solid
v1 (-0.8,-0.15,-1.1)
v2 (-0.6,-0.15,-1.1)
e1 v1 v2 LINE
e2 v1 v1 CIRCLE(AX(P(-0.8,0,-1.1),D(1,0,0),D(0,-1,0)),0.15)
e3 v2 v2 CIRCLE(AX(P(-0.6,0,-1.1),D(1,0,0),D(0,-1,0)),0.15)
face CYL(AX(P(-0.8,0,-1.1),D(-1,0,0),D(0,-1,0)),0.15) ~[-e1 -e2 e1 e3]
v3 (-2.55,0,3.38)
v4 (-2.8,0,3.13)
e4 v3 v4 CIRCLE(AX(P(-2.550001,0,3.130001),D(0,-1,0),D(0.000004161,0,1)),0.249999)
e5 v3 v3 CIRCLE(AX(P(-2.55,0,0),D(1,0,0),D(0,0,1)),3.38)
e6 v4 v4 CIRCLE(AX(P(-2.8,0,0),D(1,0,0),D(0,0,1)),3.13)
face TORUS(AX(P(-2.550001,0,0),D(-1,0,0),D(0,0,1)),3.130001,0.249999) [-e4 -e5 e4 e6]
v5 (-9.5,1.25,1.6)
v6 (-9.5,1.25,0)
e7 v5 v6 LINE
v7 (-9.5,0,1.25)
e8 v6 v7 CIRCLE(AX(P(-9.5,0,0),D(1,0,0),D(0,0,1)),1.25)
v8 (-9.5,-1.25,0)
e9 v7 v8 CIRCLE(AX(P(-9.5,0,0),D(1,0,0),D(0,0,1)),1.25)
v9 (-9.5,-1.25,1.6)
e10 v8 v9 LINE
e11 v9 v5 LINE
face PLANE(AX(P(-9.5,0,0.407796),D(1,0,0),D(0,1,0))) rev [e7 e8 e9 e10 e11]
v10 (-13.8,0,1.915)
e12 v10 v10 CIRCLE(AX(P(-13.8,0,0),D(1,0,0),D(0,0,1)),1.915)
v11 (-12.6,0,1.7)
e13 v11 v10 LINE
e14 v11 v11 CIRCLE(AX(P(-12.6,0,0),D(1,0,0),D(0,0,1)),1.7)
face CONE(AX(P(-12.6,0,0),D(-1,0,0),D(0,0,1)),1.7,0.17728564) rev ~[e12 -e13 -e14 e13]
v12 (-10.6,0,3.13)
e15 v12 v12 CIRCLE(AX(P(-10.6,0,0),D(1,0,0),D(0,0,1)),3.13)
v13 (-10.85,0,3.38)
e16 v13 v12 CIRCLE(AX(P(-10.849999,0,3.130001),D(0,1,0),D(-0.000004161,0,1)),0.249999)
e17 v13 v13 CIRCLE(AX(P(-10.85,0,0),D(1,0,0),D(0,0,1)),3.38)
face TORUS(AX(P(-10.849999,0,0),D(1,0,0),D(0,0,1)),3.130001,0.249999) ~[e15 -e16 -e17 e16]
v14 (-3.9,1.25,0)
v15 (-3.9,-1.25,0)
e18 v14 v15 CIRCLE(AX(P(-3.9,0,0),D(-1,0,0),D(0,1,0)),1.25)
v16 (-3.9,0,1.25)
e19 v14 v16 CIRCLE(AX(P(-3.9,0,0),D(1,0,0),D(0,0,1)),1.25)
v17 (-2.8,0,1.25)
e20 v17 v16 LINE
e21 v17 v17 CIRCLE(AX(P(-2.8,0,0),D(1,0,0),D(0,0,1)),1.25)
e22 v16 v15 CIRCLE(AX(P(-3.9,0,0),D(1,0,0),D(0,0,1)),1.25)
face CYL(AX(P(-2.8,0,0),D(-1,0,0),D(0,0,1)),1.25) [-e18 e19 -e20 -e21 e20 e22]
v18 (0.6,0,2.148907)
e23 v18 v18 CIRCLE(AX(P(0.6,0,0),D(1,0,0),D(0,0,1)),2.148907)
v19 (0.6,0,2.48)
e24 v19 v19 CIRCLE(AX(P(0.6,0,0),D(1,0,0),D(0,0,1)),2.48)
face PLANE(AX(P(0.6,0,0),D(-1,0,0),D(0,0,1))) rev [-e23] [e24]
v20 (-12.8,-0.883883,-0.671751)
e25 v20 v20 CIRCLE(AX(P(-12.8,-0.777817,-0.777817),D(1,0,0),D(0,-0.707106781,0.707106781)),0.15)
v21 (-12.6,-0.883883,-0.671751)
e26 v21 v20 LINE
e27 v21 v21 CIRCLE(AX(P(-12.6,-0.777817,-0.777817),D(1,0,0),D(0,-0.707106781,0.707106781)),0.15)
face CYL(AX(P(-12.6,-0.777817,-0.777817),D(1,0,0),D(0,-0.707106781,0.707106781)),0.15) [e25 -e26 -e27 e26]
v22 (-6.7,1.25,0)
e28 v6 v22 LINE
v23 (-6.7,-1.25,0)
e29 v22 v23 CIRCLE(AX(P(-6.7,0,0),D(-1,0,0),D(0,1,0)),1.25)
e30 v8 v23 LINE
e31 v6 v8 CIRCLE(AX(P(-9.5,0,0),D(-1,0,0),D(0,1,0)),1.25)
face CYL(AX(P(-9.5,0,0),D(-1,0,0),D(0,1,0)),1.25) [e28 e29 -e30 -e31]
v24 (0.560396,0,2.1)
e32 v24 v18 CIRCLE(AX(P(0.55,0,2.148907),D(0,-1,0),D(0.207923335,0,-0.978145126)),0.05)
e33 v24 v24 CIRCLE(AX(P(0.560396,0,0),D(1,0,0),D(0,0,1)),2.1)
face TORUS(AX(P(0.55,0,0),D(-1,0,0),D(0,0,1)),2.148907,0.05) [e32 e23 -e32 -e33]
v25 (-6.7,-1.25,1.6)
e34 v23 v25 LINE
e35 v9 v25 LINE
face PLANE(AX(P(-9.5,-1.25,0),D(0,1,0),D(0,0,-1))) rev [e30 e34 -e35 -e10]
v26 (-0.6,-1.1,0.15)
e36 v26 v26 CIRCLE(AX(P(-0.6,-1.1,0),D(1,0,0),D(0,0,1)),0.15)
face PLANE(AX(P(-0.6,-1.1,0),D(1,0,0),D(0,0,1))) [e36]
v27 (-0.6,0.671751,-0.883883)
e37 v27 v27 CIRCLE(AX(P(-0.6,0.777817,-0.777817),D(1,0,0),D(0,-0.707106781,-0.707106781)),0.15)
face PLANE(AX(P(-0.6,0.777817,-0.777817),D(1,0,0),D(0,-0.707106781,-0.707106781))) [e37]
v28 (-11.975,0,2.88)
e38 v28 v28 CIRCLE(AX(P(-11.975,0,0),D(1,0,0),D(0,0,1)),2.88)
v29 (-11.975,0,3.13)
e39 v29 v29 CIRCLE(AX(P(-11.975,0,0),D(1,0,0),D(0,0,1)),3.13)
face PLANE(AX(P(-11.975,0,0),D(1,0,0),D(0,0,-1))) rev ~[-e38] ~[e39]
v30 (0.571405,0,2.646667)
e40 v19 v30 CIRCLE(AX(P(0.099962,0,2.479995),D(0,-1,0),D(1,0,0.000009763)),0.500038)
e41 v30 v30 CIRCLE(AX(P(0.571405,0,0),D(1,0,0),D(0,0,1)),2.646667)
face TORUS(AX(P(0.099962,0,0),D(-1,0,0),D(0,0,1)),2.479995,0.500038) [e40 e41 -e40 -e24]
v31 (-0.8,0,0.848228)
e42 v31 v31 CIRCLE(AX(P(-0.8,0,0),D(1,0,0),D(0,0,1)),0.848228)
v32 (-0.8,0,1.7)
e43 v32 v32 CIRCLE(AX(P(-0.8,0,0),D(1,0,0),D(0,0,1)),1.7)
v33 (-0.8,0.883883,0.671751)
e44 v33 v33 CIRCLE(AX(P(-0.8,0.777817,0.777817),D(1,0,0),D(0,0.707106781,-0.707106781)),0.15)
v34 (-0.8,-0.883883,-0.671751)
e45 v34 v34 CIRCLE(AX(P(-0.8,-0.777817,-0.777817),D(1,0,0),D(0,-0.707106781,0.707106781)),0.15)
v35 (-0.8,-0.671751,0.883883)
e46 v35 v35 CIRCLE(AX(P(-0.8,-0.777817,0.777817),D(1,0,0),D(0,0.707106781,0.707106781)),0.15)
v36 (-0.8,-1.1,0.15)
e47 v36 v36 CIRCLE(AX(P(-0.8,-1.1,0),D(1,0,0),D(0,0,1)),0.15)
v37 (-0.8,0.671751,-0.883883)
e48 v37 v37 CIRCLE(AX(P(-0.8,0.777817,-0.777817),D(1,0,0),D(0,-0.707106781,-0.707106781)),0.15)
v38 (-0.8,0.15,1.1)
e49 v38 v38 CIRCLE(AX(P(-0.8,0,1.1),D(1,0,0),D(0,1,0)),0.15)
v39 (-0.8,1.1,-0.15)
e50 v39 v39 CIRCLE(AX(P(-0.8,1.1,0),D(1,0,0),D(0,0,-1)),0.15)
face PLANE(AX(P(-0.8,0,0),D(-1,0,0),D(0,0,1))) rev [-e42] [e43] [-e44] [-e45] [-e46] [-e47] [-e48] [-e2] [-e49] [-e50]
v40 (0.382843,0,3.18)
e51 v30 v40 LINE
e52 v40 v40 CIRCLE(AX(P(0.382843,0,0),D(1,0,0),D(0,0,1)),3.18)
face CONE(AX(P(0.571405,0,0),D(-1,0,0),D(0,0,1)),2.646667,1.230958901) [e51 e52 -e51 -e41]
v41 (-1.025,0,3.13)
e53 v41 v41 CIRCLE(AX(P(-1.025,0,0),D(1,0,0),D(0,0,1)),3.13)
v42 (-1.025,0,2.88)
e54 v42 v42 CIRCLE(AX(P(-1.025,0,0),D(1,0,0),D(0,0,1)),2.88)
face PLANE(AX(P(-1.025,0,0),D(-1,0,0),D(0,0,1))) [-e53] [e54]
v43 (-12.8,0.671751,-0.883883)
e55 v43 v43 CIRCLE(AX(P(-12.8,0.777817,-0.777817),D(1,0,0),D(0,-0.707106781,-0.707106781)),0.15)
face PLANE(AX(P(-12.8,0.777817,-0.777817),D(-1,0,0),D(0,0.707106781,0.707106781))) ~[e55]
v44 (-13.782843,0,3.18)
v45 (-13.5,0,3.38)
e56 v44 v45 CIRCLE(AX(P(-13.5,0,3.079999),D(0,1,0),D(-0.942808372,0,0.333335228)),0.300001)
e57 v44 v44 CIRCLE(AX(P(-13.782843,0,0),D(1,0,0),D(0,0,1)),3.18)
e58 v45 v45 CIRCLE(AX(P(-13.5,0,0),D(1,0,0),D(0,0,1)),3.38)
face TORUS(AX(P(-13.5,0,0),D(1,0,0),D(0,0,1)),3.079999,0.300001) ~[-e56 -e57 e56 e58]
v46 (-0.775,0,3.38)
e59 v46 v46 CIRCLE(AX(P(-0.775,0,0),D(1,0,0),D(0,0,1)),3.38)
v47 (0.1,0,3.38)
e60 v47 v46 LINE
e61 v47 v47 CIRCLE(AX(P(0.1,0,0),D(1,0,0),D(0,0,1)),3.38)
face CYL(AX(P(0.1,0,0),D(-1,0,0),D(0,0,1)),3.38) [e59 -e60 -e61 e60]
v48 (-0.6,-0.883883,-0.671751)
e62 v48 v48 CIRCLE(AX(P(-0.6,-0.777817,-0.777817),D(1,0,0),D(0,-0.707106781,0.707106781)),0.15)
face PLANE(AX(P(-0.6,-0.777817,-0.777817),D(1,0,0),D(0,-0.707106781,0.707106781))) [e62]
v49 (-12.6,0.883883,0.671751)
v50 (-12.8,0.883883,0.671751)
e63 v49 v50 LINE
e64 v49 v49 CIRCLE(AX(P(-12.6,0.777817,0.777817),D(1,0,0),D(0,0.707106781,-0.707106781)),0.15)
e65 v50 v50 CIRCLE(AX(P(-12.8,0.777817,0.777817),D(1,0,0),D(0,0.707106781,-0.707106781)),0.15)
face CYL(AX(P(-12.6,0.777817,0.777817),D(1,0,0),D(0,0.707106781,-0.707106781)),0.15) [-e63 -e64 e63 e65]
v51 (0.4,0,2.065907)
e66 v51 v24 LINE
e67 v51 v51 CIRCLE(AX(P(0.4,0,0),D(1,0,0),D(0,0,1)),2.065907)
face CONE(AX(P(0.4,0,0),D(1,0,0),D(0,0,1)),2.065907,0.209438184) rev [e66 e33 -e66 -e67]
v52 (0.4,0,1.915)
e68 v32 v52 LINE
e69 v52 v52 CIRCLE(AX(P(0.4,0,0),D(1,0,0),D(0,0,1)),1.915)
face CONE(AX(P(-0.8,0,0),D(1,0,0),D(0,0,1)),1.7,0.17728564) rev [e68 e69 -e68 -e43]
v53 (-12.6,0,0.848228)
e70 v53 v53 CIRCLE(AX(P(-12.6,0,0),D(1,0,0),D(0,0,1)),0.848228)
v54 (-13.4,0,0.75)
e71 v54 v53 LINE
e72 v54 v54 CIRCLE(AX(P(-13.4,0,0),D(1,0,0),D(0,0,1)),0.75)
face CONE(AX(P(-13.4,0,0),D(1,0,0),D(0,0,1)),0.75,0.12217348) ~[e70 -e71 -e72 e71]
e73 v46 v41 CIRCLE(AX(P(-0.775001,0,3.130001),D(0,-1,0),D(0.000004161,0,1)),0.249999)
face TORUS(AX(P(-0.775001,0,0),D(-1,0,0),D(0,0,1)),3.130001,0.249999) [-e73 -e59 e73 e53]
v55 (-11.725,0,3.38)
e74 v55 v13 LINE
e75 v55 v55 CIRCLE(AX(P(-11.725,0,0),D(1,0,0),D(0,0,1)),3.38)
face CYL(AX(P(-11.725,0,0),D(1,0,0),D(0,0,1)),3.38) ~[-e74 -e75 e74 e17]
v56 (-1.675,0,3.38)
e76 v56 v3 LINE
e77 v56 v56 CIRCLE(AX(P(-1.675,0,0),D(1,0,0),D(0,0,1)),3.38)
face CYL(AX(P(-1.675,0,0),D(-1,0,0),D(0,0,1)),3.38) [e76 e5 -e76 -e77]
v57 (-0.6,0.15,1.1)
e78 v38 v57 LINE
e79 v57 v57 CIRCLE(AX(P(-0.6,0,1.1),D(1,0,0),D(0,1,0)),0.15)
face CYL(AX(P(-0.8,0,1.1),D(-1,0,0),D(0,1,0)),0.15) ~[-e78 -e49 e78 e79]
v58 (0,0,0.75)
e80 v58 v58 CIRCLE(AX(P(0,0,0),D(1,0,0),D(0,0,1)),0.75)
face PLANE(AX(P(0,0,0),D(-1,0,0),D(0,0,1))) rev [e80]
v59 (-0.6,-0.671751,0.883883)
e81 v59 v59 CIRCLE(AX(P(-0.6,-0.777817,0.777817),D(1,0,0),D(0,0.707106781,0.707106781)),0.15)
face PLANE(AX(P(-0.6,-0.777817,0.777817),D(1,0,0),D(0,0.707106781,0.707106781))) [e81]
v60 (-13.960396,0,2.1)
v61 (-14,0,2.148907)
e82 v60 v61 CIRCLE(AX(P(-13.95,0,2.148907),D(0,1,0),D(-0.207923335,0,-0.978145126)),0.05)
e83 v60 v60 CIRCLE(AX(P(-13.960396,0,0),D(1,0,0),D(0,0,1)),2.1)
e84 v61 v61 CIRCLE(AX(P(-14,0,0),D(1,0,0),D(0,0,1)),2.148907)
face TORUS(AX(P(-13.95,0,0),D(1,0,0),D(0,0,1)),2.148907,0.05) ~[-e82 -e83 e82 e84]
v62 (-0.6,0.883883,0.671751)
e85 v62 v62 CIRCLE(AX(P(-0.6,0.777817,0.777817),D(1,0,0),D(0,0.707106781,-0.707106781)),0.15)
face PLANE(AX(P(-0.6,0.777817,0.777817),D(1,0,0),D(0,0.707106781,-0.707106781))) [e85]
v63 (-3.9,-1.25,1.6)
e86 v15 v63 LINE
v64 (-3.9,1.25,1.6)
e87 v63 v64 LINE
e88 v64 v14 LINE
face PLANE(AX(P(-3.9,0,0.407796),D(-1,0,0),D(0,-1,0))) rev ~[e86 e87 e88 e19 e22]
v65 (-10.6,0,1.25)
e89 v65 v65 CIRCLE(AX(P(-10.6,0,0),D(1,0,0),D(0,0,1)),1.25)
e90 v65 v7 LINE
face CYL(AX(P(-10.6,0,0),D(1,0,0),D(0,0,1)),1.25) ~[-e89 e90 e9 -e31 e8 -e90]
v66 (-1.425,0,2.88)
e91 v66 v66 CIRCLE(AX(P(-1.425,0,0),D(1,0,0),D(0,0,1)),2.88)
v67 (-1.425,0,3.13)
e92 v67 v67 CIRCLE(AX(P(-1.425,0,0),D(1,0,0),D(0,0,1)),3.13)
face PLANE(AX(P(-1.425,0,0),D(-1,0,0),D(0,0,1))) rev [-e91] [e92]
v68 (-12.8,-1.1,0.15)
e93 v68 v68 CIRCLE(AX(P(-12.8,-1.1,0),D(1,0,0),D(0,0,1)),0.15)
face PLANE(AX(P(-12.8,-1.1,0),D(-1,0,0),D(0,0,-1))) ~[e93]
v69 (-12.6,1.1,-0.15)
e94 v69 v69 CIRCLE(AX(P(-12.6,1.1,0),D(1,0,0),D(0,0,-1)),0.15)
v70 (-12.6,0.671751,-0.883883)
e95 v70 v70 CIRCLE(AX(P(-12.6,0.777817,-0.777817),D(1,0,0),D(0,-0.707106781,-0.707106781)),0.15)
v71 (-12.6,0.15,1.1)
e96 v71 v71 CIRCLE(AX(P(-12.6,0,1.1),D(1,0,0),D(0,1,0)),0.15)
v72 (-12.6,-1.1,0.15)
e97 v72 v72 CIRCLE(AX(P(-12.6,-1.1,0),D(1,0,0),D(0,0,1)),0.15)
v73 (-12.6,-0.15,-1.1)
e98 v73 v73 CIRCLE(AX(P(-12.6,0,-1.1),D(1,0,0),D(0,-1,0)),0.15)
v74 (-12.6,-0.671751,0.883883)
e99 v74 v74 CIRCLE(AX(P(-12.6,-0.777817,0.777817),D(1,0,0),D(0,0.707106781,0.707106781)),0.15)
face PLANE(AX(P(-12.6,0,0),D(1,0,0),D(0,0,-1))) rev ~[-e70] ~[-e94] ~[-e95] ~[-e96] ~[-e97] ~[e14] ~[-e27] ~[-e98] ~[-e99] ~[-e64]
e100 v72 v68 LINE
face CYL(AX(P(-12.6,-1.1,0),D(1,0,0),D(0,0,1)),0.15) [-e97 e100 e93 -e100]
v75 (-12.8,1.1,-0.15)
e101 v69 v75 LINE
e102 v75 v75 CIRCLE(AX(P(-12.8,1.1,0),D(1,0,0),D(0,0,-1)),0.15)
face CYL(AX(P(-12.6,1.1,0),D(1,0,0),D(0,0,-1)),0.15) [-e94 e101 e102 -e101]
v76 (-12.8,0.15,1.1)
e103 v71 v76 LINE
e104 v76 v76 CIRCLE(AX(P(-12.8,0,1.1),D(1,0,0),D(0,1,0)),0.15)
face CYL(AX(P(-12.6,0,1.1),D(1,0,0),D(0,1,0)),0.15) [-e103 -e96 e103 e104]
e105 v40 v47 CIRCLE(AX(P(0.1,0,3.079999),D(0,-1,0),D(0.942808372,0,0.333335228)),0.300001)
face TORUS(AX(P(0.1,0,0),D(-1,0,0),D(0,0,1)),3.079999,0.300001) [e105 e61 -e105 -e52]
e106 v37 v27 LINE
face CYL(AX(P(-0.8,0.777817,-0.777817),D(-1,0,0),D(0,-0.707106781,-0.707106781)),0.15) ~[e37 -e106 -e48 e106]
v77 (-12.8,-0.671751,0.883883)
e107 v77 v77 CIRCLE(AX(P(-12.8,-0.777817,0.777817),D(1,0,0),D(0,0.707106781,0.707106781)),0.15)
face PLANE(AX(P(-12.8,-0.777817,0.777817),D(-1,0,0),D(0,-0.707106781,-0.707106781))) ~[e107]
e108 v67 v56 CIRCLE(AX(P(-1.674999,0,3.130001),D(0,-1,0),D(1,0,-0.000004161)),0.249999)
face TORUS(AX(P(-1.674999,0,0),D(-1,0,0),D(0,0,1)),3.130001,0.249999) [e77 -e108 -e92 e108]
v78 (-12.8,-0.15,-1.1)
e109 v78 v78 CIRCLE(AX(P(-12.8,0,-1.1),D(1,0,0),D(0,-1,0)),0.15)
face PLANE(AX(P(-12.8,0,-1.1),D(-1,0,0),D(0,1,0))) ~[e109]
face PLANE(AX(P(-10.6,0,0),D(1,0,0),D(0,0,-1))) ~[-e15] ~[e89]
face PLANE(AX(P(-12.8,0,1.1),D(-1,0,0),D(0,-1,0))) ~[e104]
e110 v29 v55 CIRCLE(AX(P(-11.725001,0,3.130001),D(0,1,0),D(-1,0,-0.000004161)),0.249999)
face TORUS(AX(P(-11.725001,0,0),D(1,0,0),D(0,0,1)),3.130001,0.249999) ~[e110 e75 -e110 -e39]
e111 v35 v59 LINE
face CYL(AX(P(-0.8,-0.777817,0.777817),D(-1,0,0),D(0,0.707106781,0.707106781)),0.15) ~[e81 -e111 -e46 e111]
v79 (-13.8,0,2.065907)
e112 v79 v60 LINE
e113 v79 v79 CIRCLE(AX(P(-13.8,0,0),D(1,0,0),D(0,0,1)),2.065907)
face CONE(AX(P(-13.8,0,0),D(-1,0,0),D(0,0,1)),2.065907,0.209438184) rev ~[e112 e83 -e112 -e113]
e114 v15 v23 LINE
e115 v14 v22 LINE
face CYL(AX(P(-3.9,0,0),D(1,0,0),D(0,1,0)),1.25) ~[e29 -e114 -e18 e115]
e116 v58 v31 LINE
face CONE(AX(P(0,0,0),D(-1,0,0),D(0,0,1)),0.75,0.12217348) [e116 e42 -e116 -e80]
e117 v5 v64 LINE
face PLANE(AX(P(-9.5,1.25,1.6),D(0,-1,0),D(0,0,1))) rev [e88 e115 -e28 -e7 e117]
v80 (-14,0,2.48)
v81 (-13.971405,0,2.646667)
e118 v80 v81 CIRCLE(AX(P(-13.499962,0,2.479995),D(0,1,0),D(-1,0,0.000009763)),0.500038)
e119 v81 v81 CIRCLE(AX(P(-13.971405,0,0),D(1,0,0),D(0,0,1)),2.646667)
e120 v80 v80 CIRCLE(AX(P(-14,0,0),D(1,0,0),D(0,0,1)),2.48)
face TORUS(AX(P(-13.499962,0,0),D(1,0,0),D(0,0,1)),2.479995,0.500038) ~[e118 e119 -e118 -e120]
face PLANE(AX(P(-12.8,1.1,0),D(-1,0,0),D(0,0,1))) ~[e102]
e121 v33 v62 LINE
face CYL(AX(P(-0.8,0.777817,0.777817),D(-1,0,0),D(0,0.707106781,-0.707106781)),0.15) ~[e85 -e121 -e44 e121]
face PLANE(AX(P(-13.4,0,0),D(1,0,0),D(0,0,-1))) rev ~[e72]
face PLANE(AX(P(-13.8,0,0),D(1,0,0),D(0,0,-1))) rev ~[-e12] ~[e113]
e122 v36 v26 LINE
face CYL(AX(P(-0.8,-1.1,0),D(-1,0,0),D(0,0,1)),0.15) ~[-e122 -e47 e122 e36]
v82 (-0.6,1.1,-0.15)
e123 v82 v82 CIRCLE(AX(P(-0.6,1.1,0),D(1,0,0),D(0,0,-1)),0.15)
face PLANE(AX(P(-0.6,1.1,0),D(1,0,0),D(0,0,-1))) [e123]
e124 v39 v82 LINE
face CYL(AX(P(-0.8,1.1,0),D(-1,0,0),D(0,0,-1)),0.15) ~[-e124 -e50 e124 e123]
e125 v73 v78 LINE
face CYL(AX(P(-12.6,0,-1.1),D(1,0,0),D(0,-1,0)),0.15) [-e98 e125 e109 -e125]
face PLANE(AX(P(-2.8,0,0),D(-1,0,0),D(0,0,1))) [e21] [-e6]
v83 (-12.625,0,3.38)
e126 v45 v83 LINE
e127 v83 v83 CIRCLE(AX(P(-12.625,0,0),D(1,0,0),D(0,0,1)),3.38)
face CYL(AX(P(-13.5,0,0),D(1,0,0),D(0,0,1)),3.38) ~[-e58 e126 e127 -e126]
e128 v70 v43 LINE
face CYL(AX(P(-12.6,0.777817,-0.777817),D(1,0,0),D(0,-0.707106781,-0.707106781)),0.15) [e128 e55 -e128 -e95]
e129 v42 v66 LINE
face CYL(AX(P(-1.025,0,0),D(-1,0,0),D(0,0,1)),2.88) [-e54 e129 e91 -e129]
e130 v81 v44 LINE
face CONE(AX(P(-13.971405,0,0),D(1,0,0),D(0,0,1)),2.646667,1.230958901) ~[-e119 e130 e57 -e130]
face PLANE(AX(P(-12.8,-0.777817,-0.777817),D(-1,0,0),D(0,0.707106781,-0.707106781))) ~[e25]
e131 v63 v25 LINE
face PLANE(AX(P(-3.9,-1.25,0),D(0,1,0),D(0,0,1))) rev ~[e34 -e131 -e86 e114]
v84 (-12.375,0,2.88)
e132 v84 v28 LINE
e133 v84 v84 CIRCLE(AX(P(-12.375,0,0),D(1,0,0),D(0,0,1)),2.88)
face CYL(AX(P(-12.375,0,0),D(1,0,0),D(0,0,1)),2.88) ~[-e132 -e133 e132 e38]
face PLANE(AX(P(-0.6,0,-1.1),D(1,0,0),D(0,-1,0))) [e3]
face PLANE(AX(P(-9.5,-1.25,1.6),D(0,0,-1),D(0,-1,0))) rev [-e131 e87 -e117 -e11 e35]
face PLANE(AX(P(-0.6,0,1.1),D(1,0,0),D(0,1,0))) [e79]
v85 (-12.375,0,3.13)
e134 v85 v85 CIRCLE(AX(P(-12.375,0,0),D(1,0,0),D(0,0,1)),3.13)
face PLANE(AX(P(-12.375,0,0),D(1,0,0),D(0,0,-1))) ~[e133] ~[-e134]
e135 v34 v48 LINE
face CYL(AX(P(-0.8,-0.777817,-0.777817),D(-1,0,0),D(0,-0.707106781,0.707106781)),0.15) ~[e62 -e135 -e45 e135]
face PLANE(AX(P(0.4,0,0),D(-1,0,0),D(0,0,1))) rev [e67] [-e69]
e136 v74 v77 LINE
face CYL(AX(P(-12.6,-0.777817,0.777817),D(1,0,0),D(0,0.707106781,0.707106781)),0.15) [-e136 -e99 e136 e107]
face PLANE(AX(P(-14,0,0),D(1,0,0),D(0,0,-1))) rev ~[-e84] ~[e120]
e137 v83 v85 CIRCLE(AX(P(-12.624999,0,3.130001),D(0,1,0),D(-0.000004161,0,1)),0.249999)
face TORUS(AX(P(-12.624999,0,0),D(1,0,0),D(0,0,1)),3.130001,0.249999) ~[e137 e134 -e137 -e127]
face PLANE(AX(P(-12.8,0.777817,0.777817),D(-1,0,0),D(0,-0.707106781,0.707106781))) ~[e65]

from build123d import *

# Parameters (mm, degrees)
F2_R     = 0.15
F3_DEPTH = 0.2
F4_COUNT = 8
F6_DEPTH = 2.8


with BuildPart() as f1:
    # F0 (on Front) → F1 (revolve)
    with BuildSketch(Plane.XZ):
        with BuildLine():
            Line((-3.9, 0), (0, 0))
            Line((0, 0), (0, 0.75))
            Line((0, 0.75), (-0.8, 0.848228))
            Line((-0.8, 0.848228), (-0.8, 1.7))
            Line((-0.8, 1.7), (0.4, 1.915))
            Line((0.4, 1.915), (0.4, 2.065907))
            Line((0.4, 2.065907), (0.560396, 2.1))
            ThreePointArc((0.560396, 2.1), (0.588857, 2.117441), (0.6, 2.148907))
            Line((0.6, 2.148907), (0.6, 2.48))
            ThreePointArc((0.6, 2.48), (0.592799, 2.564551), (0.571405, 2.646667))
            Line((0.571405, 2.646667), (0.382843, 3.18))
            ThreePointArc((0.382843, 3.18), (0.273205, 3.324949), (0.1, 3.38))
            Line((0.1, 3.38), (-0.775, 3.38))
            ThreePointArc((-0.775, 3.38), (-0.951777, 3.306777), (-1.025, 3.13))
            Line((-1.025, 3.13), (-1.025, 2.88))
            Line((-1.025, 2.88), (-1.425, 2.88))
            Line((-1.425, 2.88), (-1.425, 3.13))
            ThreePointArc((-1.425, 3.13), (-1.498223, 3.306777), (-1.675, 3.38))
            Line((-1.675, 3.38), (-2.55, 3.38))
            ThreePointArc((-2.55, 3.38), (-2.726777, 3.306777), (-2.8, 3.13))
            Line((-2.8, 3.13), (-2.8, 1.25))
            Line((-2.8, 1.25), (-3.9, 1.25))
            Line((-3.9, 1.25), (-3.9, 0))
        make_face()
    revolve(axis=Axis((-18.178367, 0, 0), (-1, 0, 0)))

    # F2 (on face) → F3 (join)
    with BuildSketch(Plane.YZ.offset(-0.8)):
        with Locations((0, 1.1)):
            Circle(F2_R)
    extrude(amount=F3_DEPTH)

    # F4: F1 ×8 about axis
    f4_axis = Axis((0.1, 0, 0), (-1, 0, 0))


with BuildPart() as f1_1:
    add(f1.part)
    for i in range(1, F4_COUNT):
        add(f1.part.rotate(f4_axis, i * 360 / F4_COUNT))

    # F5 (on face) → F6 (join)
    with BuildSketch(Plane(origin=(-3.9, 0, 0), x_dir=(0, -1, 0), z_dir=(-1, 0, 0))):
        with BuildLine():
            Line((-1.25, 1.6), (-1.25, 0))
            ThreePointArc((-1.25, 0), (0, -1.25), (1.25, 0))
            Line((1.25, 0), (1.25, 1.6))
            Line((1.25, 1.6), (-1.25, 1.6))
        make_face()
    extrude(amount=F6_DEPTH)

    # F7: F1 across face


with BuildPart() as f1_2:
    add(f1_1.part)
    add(f1_1.part.mirror(Plane(origin=(-6.7, 0, 0.294051), x_dir=(0, -1, 0), z_dir=(-1, 0, 0))))


solid = f1_2.part
